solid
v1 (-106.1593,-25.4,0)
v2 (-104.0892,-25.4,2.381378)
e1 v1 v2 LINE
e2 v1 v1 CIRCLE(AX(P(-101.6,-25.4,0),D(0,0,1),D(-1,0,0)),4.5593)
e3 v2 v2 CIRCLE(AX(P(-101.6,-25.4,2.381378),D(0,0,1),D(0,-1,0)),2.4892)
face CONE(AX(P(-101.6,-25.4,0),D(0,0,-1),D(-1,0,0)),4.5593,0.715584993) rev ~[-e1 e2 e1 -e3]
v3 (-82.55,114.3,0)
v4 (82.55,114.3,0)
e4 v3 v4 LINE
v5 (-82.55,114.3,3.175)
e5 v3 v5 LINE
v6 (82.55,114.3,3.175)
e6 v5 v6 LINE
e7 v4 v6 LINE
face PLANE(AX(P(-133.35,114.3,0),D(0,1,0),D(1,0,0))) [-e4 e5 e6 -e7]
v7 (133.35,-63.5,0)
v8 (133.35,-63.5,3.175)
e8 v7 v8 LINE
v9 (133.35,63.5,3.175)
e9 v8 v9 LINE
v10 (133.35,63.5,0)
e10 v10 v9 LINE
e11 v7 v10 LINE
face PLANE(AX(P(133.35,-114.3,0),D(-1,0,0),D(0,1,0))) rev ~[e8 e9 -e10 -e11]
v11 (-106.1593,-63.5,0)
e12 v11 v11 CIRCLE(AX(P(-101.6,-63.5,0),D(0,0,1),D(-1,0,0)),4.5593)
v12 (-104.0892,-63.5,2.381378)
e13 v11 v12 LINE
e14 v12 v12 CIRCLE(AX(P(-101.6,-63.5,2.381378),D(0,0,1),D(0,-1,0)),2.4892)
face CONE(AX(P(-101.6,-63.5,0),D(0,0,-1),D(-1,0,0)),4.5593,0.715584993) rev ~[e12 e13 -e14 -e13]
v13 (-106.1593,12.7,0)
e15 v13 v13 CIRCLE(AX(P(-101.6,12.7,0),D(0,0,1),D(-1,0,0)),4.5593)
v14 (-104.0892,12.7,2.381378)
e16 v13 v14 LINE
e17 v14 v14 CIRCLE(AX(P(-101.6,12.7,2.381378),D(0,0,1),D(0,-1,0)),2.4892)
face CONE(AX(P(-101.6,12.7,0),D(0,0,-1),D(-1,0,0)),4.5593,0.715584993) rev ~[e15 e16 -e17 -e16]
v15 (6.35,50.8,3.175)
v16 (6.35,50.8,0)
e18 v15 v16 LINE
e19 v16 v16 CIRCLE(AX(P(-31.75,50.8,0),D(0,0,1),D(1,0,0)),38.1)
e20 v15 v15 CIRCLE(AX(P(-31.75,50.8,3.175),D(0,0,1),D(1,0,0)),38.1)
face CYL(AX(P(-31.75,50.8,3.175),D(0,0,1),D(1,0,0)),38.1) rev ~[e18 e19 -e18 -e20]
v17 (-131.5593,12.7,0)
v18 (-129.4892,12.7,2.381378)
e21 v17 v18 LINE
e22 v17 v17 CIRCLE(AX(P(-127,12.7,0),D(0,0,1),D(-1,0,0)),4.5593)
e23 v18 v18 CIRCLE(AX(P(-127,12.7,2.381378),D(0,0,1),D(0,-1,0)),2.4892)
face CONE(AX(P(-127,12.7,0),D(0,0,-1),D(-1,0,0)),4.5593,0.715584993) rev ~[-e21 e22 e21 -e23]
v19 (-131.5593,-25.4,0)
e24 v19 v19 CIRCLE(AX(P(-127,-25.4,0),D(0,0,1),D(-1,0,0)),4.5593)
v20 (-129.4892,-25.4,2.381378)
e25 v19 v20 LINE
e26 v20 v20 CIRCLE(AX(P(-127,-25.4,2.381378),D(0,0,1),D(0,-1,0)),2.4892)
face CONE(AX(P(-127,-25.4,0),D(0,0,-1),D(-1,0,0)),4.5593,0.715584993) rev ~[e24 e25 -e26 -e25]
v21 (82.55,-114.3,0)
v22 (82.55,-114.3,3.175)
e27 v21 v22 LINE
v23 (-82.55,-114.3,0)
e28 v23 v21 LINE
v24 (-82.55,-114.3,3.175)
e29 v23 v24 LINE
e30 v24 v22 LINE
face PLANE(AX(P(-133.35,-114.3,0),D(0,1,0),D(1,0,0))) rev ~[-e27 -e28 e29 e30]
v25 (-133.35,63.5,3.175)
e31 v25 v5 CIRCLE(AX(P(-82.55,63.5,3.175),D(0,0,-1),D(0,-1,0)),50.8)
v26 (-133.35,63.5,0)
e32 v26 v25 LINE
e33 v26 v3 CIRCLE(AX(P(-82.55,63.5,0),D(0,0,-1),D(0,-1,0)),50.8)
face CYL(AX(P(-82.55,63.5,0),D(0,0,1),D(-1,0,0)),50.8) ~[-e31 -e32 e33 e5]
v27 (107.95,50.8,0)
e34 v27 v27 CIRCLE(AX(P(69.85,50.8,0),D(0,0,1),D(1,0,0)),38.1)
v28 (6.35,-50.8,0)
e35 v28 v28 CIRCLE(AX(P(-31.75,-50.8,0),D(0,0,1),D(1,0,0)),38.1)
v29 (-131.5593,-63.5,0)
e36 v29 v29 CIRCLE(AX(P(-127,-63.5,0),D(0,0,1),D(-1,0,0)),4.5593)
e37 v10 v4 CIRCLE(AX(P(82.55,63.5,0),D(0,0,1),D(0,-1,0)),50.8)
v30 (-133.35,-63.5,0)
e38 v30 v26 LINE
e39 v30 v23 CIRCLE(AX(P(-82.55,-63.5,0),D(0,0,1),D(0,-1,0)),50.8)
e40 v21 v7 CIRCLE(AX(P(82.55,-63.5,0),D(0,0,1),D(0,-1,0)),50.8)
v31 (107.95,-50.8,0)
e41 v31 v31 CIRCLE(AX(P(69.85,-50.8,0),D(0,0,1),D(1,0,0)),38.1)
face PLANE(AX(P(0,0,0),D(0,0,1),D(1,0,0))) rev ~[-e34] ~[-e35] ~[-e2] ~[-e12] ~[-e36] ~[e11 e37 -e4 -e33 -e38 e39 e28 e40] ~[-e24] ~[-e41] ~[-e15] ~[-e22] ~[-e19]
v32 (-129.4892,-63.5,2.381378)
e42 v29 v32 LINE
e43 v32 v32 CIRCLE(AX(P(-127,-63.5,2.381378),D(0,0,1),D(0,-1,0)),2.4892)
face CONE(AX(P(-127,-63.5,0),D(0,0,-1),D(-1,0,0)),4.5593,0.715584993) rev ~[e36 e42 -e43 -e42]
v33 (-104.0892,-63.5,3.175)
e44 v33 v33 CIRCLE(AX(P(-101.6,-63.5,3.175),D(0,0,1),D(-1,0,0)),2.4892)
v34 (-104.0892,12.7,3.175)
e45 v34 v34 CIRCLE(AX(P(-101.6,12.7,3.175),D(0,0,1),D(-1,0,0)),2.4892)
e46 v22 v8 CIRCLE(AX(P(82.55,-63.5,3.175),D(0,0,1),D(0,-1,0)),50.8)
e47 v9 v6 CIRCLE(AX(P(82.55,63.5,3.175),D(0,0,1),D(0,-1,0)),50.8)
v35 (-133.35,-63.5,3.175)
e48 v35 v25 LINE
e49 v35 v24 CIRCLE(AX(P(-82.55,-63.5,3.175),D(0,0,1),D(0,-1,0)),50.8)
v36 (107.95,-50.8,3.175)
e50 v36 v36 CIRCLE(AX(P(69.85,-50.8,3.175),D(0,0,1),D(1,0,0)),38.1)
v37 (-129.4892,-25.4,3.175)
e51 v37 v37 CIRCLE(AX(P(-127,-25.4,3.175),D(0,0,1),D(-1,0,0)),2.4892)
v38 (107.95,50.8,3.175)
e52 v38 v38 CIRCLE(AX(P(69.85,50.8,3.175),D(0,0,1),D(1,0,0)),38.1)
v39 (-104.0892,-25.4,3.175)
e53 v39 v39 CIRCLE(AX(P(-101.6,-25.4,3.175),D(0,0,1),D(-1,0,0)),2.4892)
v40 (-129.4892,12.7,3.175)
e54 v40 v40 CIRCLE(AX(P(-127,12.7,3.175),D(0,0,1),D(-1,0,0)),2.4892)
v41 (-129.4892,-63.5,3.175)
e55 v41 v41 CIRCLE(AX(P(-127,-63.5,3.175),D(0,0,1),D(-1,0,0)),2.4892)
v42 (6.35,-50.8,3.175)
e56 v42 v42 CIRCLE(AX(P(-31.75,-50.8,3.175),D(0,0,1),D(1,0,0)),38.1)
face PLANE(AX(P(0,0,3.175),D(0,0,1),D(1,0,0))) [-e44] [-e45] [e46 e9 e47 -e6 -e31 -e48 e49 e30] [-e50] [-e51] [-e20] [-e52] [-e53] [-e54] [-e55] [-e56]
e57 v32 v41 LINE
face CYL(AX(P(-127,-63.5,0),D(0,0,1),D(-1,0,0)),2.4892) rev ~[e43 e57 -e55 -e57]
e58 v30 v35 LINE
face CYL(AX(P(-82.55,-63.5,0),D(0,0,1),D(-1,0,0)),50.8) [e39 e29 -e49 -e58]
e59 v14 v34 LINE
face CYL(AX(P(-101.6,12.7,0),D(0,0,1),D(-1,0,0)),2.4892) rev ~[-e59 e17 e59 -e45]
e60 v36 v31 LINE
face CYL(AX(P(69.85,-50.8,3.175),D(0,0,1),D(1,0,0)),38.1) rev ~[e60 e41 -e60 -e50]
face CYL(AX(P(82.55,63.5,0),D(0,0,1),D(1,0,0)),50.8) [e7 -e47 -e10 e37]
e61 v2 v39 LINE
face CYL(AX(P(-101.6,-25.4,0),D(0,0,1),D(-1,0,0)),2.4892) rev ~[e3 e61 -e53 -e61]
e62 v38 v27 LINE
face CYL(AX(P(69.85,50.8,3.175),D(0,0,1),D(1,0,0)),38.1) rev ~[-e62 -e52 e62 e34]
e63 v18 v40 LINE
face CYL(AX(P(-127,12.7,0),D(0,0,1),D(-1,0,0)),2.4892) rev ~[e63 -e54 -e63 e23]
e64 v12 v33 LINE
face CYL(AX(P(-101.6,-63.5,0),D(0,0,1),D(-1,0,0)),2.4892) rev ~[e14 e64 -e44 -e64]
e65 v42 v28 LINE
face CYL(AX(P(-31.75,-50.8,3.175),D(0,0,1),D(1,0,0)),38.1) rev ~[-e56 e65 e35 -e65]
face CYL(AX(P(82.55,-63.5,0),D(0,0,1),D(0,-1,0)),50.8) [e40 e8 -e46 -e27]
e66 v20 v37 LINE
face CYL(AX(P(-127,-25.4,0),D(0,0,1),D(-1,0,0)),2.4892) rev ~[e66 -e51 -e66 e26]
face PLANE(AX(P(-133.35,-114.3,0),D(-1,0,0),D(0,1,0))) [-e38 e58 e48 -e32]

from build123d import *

# Parameters (mm, degrees)
F0_W           = 266.7
F0_H           = 228.6
F1_DEPTH       = 3.175
F2_R           = 50.8
F4_D           = 4.9784
F4_CSINK_D     = 9.1186
F4_CSINK_ANGLE = 82
F5_R           = 38.1
F6_DEPTH       = 3.176


with BuildPart() as f1:
    # F0 (on Top) → F1 (new body)
    with BuildSketch(Plane.XY):
        Rectangle(F0_W, F0_H)
    extrude(amount=F1_DEPTH)

    # F2
    f2_edges = [f1.edges().sort_by_distance(p)[0] for p in [
        (-133.35, 114.3, 1.5875),
        (133.35, 114.3, 1.5875),
        (133.35, -114.3, 1.5875),
        (-133.35, -114.3, 1.5875),
    ]]
    fillet(f2_edges, radius=F2_R)

    # F4 (through all)
    with Locations(Plane(origin=(0, 0, 0), x_dir=(1, 0, 0), z_dir=(0, 0, -1))):
        with Locations((-127, -12.7), (-101.6, -12.7), (-101.6, 25.4), (-127, 25.4), (-127, 63.5), (-101.6, 63.5)):
            CounterSinkHole(F4_D / 2, F4_CSINK_D / 2, counter_sink_angle=F4_CSINK_ANGLE)

    # F5 (on face) → F6 (cut, through all)
    with BuildSketch(Plane.XY.offset(3.175)):
        with Locations((-31.75, 50.8)):
            Circle(F5_R)
        with Locations((69.85, 50.8)):
            Circle(F5_R)
        with Locations((-31.75, -50.8)):
            Circle(F5_R)
        with Locations((69.85, -50.8)):
            Circle(F5_R)
    extrude(amount=-F6_DEPTH, mode=Mode.SUBTRACT)


solid = f1.part
